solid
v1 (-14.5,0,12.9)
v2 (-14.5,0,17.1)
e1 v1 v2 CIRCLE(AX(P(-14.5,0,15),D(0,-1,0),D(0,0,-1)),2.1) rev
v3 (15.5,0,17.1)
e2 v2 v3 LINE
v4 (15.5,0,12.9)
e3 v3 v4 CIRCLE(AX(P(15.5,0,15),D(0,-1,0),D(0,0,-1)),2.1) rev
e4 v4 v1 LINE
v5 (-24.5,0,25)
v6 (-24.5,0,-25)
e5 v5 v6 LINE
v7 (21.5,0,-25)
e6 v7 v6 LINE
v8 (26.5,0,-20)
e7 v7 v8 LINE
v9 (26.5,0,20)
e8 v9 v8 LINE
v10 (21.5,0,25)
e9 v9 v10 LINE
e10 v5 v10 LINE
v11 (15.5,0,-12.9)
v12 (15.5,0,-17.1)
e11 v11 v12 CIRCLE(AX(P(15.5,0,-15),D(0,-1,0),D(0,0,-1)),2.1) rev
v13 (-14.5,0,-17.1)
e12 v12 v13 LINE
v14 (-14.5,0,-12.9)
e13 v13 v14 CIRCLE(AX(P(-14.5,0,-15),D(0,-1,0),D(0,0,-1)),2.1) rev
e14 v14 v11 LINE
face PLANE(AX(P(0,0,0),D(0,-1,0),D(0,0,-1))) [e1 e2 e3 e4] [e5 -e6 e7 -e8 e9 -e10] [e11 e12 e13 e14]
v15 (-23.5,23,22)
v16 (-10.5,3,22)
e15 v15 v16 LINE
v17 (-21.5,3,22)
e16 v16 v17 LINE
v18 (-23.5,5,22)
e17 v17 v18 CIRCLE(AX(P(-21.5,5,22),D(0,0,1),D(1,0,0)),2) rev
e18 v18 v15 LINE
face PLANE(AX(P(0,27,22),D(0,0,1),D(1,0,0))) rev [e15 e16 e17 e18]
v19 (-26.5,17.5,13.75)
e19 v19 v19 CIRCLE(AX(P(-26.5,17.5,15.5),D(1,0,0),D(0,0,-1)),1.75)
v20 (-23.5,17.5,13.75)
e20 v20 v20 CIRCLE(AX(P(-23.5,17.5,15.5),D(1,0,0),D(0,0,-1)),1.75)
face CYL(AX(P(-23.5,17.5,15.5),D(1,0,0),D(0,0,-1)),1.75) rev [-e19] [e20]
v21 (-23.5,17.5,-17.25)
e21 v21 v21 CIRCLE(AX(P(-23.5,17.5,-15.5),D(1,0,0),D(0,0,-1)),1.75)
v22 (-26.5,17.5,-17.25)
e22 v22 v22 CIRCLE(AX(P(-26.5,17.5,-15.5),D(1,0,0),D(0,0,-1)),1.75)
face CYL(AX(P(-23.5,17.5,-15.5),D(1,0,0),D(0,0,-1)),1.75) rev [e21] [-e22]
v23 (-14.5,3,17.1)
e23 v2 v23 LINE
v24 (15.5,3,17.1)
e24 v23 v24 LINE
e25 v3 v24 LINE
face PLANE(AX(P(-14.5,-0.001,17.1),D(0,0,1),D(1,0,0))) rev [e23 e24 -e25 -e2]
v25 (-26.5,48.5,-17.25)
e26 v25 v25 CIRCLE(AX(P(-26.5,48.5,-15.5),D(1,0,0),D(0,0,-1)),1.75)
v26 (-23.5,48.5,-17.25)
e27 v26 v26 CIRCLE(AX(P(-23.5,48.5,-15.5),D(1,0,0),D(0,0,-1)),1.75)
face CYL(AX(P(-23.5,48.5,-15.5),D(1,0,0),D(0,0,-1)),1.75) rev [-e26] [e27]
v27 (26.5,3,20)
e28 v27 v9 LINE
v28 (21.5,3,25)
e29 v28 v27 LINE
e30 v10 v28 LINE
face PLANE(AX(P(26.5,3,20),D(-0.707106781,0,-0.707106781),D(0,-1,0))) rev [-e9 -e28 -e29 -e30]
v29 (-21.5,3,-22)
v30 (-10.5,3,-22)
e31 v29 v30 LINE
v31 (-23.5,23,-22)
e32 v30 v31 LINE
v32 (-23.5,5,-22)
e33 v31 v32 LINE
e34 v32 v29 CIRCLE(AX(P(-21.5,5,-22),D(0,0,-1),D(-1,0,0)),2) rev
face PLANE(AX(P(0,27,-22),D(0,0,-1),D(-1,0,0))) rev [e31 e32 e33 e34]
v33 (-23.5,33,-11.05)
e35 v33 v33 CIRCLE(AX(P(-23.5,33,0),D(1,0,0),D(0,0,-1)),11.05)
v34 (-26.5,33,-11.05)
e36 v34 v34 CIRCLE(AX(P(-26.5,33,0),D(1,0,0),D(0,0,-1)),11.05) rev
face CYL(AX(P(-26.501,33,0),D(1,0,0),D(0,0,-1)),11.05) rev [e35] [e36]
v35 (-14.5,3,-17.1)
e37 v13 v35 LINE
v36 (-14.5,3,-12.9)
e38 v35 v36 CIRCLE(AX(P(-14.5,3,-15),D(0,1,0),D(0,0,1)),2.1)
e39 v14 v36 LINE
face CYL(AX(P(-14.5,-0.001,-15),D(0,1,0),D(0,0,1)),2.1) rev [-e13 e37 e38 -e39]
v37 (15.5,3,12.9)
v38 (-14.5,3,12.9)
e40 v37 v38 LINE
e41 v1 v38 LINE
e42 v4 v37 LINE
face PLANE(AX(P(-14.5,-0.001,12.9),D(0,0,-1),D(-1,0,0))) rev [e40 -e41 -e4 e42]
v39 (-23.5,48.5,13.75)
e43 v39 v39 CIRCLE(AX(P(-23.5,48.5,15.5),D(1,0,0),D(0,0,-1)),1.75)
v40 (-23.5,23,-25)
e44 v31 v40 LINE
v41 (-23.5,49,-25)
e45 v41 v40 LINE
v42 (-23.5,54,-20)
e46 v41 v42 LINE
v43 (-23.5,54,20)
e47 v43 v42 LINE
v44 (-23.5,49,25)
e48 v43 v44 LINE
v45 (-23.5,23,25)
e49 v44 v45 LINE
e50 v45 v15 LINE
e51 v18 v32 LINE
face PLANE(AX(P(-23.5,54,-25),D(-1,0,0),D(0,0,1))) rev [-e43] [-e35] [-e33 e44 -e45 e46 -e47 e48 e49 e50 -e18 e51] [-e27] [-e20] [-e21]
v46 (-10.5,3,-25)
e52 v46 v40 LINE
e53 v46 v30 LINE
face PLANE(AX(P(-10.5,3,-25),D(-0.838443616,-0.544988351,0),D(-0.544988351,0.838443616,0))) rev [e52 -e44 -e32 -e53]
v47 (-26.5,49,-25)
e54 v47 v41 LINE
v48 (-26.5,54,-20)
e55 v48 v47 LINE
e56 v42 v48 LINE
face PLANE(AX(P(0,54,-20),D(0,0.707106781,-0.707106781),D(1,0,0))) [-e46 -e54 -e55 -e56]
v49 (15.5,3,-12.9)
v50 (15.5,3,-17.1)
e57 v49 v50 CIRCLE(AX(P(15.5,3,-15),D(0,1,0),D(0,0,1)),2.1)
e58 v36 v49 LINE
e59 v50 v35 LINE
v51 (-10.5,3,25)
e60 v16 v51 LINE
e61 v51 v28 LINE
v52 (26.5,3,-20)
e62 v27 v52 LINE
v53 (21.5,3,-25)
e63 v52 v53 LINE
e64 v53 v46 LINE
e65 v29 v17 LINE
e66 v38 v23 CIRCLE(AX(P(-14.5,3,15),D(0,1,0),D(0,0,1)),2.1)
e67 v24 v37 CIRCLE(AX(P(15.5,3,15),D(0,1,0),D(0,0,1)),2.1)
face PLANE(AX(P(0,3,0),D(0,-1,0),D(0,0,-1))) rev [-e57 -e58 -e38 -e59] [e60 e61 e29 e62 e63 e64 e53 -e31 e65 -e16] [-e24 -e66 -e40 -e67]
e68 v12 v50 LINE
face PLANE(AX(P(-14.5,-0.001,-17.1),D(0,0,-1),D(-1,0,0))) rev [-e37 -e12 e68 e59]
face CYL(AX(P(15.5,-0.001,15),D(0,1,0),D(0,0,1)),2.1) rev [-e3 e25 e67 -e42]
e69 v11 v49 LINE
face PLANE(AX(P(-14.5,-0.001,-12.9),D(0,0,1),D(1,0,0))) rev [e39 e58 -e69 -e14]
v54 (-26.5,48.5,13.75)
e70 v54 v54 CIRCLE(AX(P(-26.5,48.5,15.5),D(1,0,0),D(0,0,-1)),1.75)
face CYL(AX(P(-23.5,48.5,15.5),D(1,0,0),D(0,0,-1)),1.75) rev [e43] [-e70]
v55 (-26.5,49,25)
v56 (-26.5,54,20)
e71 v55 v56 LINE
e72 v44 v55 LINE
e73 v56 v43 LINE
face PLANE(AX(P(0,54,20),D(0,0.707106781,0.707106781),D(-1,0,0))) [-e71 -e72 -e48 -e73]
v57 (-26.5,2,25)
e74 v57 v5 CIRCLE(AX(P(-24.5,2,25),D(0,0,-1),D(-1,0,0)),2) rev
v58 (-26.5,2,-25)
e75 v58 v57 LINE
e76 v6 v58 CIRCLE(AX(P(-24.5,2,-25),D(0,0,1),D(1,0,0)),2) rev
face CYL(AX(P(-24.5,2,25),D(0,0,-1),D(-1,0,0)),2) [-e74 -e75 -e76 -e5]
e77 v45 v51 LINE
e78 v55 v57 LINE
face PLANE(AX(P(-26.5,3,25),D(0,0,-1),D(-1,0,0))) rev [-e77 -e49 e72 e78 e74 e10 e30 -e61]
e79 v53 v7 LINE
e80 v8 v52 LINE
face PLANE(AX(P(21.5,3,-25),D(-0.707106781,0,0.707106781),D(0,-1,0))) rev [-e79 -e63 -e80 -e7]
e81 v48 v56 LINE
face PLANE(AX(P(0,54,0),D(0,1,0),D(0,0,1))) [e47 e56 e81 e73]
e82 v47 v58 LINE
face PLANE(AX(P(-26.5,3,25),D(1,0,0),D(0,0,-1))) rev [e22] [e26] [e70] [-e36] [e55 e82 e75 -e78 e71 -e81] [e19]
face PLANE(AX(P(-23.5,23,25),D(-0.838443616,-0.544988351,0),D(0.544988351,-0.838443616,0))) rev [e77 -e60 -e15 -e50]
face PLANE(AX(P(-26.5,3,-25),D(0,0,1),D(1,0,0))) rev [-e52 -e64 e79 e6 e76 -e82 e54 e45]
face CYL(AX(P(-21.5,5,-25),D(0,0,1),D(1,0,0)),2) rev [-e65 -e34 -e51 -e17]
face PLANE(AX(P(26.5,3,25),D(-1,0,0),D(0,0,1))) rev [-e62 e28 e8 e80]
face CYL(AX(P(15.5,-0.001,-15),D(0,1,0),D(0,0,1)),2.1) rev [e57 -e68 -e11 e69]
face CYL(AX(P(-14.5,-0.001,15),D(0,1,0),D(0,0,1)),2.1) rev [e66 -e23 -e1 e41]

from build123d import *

# Parameters (mm, degrees)
SKETCH_1_W              = 53
SKETCH_1_H              = 50
EXTRUDE_1_DEPTH         = 3
CHAMFER_1_SIZE          = 5
CUT_EXTRUDE_1_REACH     = 38.555
SKETCH_3_W              = 3
SKETCH_3_H              = 50
EXTRUDE_2_DEPTH         = 51
FILLET_1_R              = 2
RIB_1_REACH             = 80.219
SKETCH_6_WALL_W         = 182.292207198
SKETCH_6_WALL_H         = 3
RIB_3_REACH             = 80.219
SKETCH_8_WALL_W         = 182.292207198
SKETCH_8_WALL_H         = 3
CHAMFER_2_SIZE          = 5
CUT_EXTRUDE_2_REACH     = 79.724
SKETCH_9_R              = 11.05
HOLE_WIZARD_3_5_3_5_1_D = 3.5


with BuildPart() as part:
    # 草图1 → 凸台-拉伸1 (new body)
    with BuildSketch(Plane(origin=(0, 0, 0), x_dir=(1, 0, 0), z_dir=(0, 1, 0))):
        Rectangle(SKETCH_1_W, SKETCH_1_H)
    extrude(amount=EXTRUDE_1_DEPTH)

    # 倒角1
    chamfer_1_edges = [part.edges().sort_by_distance(p)[0] for p in [
        (26.5, 1.5, 25),
        (26.5, 1.5, -25),
    ]]
    chamfer(chamfer_1_edges, length=CHAMFER_1_SIZE)

    # 草图2 → 切除-拉伸1 (cut, up to next)
    with BuildSketch(Plane(origin=(0, 3, 0), x_dir=(1, 0, 0), z_dir=(0, 1, 0)), mode=Mode.PRIVATE) as cut_extrude_1_sk1:
        with BuildLine():
            Line((-14.5, 17.1), (15.5, 17.1))
            ThreePointArc((15.5, 17.1), (17.6, 15), (15.5, 12.9))
            Line((15.5, 12.9), (-14.5, 12.9))
            ThreePointArc((-14.5, 12.9), (-16.6, 15), (-14.5, 17.1))
        make_face()
    cut_extrude_1_tool1 = extrude(cut_extrude_1_sk1.sketch, amount=-CUT_EXTRUDE_1_REACH, mode=Mode.PRIVATE) & part.part
    # 草图2 → 切除-拉伸1 (cut, up to next)
    with BuildSketch(Plane(origin=(0, 3, 0), x_dir=(1, 0, 0), z_dir=(0, 1, 0)), mode=Mode.PRIVATE) as cut_extrude_1_sk2:
        with BuildLine():
            Line((-14.5, -12.9), (15.5, -12.9))
            ThreePointArc((15.5, -12.9), (17.6, -15), (15.5, -17.1))
            Line((15.5, -17.1), (-14.5, -17.1))
            ThreePointArc((-14.5, -17.1), (-16.6, -15), (-14.5, -12.9))
        make_face()
    cut_extrude_1_tool2 = extrude(cut_extrude_1_sk2.sketch, amount=-CUT_EXTRUDE_1_REACH, mode=Mode.PRIVATE) & part.part
    add(cut_extrude_1_tool1.solids().sort_by_distance((0.5, 3, -15))[0], mode=Mode.SUBTRACT)
    add(cut_extrude_1_tool2.solids().sort_by_distance((0.5, 3, 15))[0], mode=Mode.SUBTRACT)

    # 草图3 → 凸台-拉伸2 (add)
    with BuildSketch(Plane(origin=(0, 3, 0), x_dir=(1, 0, 0), z_dir=(0, 1, 0))):
        with Locations((-25, 0)):
            Rectangle(SKETCH_3_W, SKETCH_3_H)
    extrude(amount=EXTRUDE_2_DEPTH)

    # 圆角1
    fillet_1_edges = [part.edges().sort_by_distance(p)[0] for p in [
        (-26.5, 0, 0),
        (-23.5, 3, 0),
    ]]
    fillet(fillet_1_edges, radius=FILLET_1_R)

    # 草图6 wall → 筋1 (add, up to next)
    with BuildSketch(Plane(origin=(-17, 13, 25), x_dir=(0.544988350595, -0.838443616301, 0), z_dir=(0.838443616301, 0.544988350595, 0)), mode=Mode.PRIVATE) as rib_1_sk1:
        with Locations((0, 1.5)):
            Rectangle(SKETCH_6_WALL_W, SKETCH_6_WALL_H)
    rib_1_tool1 = extrude(rib_1_sk1.sketch, amount=-RIB_1_REACH, mode=Mode.PRIVATE) - part.part
    add(rib_1_tool1.solids().sort_by_distance((-17, 13, 25))[0])

    # 草图8 wall → 筋3 (add, up to next)
    with BuildSketch(Plane(origin=(-17, 13, -25), x_dir=(-0.544988350595, 0.838443616301, 0), z_dir=(0.838443616301, 0.544988350595, 0)), mode=Mode.PRIVATE) as rib_3_sk1:
        with Locations((0, 1.5)):
            Rectangle(SKETCH_8_WALL_W, SKETCH_8_WALL_H)
    rib_3_tool1 = extrude(rib_3_sk1.sketch, amount=-RIB_3_REACH, mode=Mode.PRIVATE) - part.part
    add(rib_3_tool1.solids().sort_by_distance((-17, 13, -25))[0])

    # 倒角2
    chamfer_2_edges = [part.edges().sort_by_distance(p)[0] for p in [
        (-25, 54, 25),
        (-25, 54, -25),
    ]]
    chamfer(chamfer_2_edges, length=CHAMFER_2_SIZE)

    # 草图9 → 切除-拉伸2 (cut, up to next)
    with BuildSketch(Plane(origin=(-23.5, 0, 0), x_dir=(0, 0, -1), z_dir=(1, 0, 0)), mode=Mode.PRIVATE) as cut_extrude_2_sk1:
        with Locations((0, 33)):
            Circle(SKETCH_9_R)
    cut_extrude_2_tool1 = extrude(cut_extrude_2_sk1.sketch, amount=-CUT_EXTRUDE_2_REACH, mode=Mode.PRIVATE) & part.part
    add(cut_extrude_2_tool1.solids().sort_by_distance((-23.5, 33, 0))[0], mode=Mode.SUBTRACT)

    # Ø3.5 (3.5) 直径孔1 (through all)
    with Locations(Plane(origin=(-23.5, 0, 0), x_dir=(0, 0, -1), z_dir=(1, 0, 0))):
        with Locations((-15.5, 48.5), (-15.5, 17.5), (15.5, 17.5), (15.5, 48.5)):
            Hole(HOLE_WIZARD_3_5_3_5_1_D / 2)


solid = part.part
